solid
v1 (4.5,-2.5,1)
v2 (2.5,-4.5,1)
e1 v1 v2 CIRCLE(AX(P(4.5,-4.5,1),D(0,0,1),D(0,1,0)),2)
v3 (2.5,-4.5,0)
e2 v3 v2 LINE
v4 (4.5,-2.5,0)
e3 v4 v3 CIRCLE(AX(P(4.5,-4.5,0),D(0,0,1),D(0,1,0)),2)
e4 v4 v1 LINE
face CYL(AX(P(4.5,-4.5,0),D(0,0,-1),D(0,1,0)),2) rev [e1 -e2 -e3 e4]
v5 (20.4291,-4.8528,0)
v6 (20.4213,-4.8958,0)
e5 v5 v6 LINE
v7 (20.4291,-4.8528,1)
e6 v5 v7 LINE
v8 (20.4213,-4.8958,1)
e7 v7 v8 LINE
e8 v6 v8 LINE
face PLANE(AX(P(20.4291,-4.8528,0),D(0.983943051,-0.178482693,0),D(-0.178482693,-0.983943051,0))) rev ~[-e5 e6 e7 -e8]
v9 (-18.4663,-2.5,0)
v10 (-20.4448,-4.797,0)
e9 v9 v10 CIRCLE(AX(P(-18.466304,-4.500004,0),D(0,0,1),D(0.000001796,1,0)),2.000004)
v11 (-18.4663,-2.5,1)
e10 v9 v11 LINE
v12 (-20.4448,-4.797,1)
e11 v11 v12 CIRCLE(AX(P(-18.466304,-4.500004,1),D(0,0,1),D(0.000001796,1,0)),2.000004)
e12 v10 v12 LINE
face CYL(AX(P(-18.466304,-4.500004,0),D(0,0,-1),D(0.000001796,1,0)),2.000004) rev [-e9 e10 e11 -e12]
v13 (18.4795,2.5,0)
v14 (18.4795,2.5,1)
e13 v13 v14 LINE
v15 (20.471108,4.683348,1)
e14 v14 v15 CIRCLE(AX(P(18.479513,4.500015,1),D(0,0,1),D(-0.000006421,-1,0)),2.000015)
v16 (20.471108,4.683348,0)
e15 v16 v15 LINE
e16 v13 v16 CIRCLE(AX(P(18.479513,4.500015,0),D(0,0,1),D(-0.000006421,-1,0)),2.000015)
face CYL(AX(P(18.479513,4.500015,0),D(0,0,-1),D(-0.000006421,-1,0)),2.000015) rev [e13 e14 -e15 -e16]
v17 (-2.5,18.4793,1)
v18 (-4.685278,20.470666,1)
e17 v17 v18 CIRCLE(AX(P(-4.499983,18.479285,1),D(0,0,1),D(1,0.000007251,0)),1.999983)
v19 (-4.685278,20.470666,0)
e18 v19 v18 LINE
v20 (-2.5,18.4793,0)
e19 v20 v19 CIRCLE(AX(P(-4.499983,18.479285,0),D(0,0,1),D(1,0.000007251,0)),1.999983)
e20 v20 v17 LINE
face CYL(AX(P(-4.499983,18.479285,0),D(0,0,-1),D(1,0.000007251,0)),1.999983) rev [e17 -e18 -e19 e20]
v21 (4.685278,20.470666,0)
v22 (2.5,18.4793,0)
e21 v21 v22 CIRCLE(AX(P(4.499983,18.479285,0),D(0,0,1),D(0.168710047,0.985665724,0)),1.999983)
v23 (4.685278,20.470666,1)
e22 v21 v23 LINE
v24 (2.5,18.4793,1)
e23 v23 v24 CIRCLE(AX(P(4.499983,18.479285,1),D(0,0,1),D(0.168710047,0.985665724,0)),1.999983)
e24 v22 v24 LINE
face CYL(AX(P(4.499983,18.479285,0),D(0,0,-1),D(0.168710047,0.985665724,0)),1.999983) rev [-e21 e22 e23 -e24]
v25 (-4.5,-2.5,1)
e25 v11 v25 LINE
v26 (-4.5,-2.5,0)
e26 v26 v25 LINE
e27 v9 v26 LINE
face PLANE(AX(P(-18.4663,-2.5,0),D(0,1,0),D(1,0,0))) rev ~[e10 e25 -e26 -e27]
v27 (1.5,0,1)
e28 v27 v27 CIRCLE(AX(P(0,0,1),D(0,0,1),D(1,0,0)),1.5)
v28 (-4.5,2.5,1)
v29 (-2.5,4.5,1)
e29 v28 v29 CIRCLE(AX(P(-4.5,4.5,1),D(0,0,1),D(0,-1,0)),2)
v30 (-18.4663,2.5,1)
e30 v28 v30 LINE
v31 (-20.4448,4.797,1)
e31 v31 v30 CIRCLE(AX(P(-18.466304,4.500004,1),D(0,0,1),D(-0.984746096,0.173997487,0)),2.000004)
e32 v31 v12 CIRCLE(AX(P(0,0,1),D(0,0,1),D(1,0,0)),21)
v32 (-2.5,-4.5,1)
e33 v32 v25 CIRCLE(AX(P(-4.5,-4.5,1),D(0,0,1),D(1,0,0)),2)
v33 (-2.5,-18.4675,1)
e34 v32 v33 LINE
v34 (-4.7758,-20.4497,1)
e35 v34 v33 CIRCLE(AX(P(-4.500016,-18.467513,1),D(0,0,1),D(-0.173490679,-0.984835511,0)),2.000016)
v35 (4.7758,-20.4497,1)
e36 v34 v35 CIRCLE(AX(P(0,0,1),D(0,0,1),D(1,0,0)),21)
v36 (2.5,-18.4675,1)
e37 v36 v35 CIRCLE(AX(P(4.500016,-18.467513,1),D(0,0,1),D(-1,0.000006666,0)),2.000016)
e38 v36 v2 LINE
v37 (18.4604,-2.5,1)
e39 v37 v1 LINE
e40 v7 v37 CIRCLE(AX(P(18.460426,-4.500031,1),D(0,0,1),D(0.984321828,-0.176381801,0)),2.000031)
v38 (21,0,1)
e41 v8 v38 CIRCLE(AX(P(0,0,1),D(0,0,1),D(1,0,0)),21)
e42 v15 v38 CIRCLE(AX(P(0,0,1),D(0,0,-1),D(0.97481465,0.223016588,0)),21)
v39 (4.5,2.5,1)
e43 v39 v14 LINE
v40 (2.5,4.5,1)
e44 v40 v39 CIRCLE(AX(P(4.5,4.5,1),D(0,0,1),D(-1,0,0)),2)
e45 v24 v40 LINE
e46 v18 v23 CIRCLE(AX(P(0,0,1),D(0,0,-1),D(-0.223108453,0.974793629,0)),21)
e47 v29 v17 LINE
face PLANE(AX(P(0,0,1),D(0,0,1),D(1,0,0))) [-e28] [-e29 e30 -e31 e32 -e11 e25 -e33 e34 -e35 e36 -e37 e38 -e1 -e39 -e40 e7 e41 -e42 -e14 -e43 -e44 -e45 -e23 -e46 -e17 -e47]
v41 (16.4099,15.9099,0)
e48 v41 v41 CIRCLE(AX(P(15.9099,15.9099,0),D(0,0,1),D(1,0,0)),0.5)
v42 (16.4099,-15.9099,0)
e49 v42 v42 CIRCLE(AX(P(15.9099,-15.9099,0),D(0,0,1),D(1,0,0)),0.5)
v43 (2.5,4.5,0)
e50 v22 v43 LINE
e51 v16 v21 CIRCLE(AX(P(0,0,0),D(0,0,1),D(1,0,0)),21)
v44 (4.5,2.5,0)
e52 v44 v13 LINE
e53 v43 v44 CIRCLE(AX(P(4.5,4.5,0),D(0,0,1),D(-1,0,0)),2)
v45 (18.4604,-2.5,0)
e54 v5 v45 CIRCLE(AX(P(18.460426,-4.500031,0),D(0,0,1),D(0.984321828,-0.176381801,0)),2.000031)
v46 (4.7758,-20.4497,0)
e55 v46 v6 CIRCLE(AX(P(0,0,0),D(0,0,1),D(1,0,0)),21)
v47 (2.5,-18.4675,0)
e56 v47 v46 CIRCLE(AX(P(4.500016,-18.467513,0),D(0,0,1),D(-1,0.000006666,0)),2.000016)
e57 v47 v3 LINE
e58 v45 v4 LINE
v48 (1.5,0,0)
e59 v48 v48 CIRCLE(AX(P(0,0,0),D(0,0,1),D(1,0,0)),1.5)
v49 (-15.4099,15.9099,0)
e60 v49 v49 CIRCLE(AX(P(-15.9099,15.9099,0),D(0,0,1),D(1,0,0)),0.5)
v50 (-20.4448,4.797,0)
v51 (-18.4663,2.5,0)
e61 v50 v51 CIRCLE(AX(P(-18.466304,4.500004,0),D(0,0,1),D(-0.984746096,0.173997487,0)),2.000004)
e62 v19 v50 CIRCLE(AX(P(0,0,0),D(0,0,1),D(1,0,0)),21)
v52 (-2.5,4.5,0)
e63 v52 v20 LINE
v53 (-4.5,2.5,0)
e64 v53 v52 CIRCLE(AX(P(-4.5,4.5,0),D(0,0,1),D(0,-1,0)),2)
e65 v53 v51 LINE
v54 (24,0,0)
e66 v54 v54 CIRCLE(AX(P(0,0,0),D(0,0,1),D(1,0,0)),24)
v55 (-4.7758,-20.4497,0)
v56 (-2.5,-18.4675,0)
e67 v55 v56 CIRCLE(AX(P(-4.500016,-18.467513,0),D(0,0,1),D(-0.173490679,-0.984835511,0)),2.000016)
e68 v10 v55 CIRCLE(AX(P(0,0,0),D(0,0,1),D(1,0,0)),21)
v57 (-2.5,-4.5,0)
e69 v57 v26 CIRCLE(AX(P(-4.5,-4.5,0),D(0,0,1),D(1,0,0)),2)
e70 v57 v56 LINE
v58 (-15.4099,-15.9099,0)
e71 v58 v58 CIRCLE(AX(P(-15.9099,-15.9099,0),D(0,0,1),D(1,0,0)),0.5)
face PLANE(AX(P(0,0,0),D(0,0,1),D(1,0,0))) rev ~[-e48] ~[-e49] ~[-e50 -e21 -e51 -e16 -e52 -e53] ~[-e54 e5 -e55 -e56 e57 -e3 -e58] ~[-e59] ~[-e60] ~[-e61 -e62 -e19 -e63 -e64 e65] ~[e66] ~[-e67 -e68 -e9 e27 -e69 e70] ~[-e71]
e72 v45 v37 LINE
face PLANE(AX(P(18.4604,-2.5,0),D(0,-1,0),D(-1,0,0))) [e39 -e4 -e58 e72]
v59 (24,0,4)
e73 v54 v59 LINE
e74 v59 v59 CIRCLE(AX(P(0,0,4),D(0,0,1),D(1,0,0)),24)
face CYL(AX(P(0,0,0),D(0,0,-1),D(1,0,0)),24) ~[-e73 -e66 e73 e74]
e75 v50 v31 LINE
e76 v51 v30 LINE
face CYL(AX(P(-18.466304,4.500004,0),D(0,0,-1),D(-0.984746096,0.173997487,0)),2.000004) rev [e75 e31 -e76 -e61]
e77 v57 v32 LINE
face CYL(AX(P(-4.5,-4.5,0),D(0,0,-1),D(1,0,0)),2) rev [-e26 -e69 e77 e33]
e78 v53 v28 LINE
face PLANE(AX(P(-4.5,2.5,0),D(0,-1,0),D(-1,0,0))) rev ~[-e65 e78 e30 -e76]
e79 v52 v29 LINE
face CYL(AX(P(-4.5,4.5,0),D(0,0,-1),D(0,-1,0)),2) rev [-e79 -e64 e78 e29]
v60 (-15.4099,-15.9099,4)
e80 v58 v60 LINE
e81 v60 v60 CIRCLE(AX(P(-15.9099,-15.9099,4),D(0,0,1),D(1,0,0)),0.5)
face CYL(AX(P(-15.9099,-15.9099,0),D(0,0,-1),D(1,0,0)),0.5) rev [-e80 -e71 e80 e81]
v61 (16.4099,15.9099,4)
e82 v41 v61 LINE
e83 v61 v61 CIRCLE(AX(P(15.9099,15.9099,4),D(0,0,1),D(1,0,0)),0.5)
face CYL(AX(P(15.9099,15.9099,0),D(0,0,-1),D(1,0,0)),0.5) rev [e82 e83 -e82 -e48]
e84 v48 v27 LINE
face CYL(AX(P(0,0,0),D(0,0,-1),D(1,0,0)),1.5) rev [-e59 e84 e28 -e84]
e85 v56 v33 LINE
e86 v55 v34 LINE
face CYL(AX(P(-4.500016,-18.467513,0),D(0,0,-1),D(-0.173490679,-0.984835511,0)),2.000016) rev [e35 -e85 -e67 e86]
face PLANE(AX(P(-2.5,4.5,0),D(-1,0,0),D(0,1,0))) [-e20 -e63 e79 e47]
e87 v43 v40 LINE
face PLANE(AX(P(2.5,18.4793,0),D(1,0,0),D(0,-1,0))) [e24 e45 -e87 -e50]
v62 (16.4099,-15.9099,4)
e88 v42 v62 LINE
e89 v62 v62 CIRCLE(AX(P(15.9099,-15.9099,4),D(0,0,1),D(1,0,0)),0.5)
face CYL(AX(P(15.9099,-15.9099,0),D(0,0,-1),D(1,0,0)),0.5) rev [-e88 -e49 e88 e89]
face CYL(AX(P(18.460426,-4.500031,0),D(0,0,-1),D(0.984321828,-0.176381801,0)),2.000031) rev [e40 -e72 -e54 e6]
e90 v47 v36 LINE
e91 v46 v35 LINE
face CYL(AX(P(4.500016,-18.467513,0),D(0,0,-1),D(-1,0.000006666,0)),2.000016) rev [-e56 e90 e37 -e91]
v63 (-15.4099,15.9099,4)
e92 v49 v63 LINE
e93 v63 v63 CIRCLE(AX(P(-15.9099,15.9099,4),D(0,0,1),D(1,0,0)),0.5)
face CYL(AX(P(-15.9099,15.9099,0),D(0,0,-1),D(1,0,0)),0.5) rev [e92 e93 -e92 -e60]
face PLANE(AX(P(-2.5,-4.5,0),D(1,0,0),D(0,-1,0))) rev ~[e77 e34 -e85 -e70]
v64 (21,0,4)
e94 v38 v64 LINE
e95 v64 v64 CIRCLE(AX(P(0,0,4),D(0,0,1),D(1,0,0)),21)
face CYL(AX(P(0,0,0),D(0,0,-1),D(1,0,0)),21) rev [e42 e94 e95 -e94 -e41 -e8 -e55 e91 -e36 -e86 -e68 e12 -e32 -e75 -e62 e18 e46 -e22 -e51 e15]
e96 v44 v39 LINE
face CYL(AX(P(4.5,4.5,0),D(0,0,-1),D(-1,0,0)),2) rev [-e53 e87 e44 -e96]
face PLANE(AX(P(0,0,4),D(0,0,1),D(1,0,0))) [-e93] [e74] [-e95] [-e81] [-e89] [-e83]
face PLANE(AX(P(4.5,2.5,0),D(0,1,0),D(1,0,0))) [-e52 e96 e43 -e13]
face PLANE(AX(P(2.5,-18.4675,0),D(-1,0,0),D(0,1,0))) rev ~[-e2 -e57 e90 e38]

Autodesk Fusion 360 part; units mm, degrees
sketch "Sketch1" plane through (0, 0, 0) normal (0, 0, 1) x (1, 0, 0)
  circle A0 centre (0, 0) radius 24
  circle A1 centre (0, 0) radius 21
  line L0 (-2.5, 4.5) -> (-2.5, 18.4793)
  line L1 (2.5, 18.4793) -> (2.5, 4.5)
  line L2 (4.5, 2.5) -> (18.4795, 2.5)
  line L3 (18.4604, -2.5) -> (4.5, -2.5)
  line L4 (-2.5, -4.5) -> (-2.5, -18.4675)
  line L5 (2.5, -18.4675) -> (2.5, -4.5)
  line L6 (-4.5, 2.5) -> (-18.4663, 2.5)
  line L7 (-18.4663, -2.5) -> (-4.5, -2.5)
  arc A2 (2.5, 4.5) -> (4.5, 2.5) centre (4.5, 4.5) ccw
  arc A3 (4.5, -2.5) -> (2.5, -4.5) centre (4.5, -4.5) ccw
  arc A4 (-2.5, -4.5) -> (-4.5, -2.5) centre (-4.5, -4.5) ccw
  arc A5 (-4.5, 2.5) -> (-2.5, 4.5) centre (-4.5, 4.5) ccw
  line L8 (4.8374, 20.4506) -> (4.5763, 20.4953)
  line L9 (-4.8374, 20.4506) -> (-4.5763, 20.4953)
  arc A6 (-2.5, 18.4793) -> (-4.8374, 20.4506) centre (-4.5, 18.4793) ccw
  arc A7 (4.8374, 20.4506) -> (2.5, 18.4793) centre (4.5, 18.4793) ccw
  line L10 (20.4509, 4.8372) -> (20.4962, 4.5723)
  line L11 (20.4291, -4.8528) -> (20.4213, -4.8958)
  arc A8 (20.4291, -4.8528) -> (18.4604, -2.5) centre (18.4604, -4.5) ccw
  arc A9 (18.4795, 2.5) -> (20.4509, 4.8372) centre (18.4795, 4.5) ccw
  line L12 (4.847, -20.4372) -> (4.7758, -20.4497)
  line L13 (-4.847, -20.4372) -> (-4.7758, -20.4497)
  arc A10 (-4.847, -20.4372) -> (-2.5, -18.4675) centre (-4.5, -18.4675) ccw
  arc A11 (2.5, -18.4675) -> (4.847, -20.4372) centre (4.5, -18.4675) ccw
  line L14 (-20.4358, 4.848) -> (-20.4448, 4.797)
  line L15 (-20.4358, -4.848) -> (-20.4448, -4.797)
  arc A12 (-18.4663, -2.5) -> (-20.4358, -4.848) centre (-18.4663, -4.5) ccw
  arc A13 (-20.4358, 4.848) -> (-18.4663, 2.5) centre (-18.4663, 4.5) ccw
  circle A14 centre (0, 0) radius 1.5
  dimension "d1" = 48
  dimension "d2" = 42
  dimension "d6" = 2
  dimension "d7" = 2
  dimension "d8" = 2
  dimension "d9" = 2
  dimension "d10" = 2
  dimension "d11" = 2
  dimension "d12" = 2
  dimension "d13" = 2
  dimension "d14" = 2
  dimension "d15" = 2
  dimension "d16" = 2
  dimension "d17" = 2
  dimension "d18" = 3
extrude "Extrude1" add sketch "Sketch1" along normal blind 1 contours A1 L0 L1 L2 L3 L4 L5 L6 L7 A2 A3 A4 A5 A6 A7 L11 A8 A9 A10 A11 A12 A13
sketch "Sketch2" plane through (0, 0, 0) normal (0, 0, 1) x (1, 0, 0)
  circle A0 centre (0, 0) radius 21
  circle A1 centre (0, 0) radius 24
  line L0 (0, 0) -> (21, 0) construction
  line L1 (0, 0) -> (22.5, 0) construction
  circle A2 centre (15.9099, 15.9099) radius 0.5
  circle A3 centre (15.9099, -15.9099) radius 0.5
  circle A4 centre (-15.9099, -15.9099) radius 0.5
  circle A5 centre (-15.9099, 15.9099) radius 0.5
  dimension "d21" = 42
  dimension "d22" = 48
  dimension "d26" = 1
  dimension "d27" = 1
  dimension "d28" = 1
  dimension "d29" = 1
extrude "Extrude2" add sketch "Sketch2" along normal blind 4
